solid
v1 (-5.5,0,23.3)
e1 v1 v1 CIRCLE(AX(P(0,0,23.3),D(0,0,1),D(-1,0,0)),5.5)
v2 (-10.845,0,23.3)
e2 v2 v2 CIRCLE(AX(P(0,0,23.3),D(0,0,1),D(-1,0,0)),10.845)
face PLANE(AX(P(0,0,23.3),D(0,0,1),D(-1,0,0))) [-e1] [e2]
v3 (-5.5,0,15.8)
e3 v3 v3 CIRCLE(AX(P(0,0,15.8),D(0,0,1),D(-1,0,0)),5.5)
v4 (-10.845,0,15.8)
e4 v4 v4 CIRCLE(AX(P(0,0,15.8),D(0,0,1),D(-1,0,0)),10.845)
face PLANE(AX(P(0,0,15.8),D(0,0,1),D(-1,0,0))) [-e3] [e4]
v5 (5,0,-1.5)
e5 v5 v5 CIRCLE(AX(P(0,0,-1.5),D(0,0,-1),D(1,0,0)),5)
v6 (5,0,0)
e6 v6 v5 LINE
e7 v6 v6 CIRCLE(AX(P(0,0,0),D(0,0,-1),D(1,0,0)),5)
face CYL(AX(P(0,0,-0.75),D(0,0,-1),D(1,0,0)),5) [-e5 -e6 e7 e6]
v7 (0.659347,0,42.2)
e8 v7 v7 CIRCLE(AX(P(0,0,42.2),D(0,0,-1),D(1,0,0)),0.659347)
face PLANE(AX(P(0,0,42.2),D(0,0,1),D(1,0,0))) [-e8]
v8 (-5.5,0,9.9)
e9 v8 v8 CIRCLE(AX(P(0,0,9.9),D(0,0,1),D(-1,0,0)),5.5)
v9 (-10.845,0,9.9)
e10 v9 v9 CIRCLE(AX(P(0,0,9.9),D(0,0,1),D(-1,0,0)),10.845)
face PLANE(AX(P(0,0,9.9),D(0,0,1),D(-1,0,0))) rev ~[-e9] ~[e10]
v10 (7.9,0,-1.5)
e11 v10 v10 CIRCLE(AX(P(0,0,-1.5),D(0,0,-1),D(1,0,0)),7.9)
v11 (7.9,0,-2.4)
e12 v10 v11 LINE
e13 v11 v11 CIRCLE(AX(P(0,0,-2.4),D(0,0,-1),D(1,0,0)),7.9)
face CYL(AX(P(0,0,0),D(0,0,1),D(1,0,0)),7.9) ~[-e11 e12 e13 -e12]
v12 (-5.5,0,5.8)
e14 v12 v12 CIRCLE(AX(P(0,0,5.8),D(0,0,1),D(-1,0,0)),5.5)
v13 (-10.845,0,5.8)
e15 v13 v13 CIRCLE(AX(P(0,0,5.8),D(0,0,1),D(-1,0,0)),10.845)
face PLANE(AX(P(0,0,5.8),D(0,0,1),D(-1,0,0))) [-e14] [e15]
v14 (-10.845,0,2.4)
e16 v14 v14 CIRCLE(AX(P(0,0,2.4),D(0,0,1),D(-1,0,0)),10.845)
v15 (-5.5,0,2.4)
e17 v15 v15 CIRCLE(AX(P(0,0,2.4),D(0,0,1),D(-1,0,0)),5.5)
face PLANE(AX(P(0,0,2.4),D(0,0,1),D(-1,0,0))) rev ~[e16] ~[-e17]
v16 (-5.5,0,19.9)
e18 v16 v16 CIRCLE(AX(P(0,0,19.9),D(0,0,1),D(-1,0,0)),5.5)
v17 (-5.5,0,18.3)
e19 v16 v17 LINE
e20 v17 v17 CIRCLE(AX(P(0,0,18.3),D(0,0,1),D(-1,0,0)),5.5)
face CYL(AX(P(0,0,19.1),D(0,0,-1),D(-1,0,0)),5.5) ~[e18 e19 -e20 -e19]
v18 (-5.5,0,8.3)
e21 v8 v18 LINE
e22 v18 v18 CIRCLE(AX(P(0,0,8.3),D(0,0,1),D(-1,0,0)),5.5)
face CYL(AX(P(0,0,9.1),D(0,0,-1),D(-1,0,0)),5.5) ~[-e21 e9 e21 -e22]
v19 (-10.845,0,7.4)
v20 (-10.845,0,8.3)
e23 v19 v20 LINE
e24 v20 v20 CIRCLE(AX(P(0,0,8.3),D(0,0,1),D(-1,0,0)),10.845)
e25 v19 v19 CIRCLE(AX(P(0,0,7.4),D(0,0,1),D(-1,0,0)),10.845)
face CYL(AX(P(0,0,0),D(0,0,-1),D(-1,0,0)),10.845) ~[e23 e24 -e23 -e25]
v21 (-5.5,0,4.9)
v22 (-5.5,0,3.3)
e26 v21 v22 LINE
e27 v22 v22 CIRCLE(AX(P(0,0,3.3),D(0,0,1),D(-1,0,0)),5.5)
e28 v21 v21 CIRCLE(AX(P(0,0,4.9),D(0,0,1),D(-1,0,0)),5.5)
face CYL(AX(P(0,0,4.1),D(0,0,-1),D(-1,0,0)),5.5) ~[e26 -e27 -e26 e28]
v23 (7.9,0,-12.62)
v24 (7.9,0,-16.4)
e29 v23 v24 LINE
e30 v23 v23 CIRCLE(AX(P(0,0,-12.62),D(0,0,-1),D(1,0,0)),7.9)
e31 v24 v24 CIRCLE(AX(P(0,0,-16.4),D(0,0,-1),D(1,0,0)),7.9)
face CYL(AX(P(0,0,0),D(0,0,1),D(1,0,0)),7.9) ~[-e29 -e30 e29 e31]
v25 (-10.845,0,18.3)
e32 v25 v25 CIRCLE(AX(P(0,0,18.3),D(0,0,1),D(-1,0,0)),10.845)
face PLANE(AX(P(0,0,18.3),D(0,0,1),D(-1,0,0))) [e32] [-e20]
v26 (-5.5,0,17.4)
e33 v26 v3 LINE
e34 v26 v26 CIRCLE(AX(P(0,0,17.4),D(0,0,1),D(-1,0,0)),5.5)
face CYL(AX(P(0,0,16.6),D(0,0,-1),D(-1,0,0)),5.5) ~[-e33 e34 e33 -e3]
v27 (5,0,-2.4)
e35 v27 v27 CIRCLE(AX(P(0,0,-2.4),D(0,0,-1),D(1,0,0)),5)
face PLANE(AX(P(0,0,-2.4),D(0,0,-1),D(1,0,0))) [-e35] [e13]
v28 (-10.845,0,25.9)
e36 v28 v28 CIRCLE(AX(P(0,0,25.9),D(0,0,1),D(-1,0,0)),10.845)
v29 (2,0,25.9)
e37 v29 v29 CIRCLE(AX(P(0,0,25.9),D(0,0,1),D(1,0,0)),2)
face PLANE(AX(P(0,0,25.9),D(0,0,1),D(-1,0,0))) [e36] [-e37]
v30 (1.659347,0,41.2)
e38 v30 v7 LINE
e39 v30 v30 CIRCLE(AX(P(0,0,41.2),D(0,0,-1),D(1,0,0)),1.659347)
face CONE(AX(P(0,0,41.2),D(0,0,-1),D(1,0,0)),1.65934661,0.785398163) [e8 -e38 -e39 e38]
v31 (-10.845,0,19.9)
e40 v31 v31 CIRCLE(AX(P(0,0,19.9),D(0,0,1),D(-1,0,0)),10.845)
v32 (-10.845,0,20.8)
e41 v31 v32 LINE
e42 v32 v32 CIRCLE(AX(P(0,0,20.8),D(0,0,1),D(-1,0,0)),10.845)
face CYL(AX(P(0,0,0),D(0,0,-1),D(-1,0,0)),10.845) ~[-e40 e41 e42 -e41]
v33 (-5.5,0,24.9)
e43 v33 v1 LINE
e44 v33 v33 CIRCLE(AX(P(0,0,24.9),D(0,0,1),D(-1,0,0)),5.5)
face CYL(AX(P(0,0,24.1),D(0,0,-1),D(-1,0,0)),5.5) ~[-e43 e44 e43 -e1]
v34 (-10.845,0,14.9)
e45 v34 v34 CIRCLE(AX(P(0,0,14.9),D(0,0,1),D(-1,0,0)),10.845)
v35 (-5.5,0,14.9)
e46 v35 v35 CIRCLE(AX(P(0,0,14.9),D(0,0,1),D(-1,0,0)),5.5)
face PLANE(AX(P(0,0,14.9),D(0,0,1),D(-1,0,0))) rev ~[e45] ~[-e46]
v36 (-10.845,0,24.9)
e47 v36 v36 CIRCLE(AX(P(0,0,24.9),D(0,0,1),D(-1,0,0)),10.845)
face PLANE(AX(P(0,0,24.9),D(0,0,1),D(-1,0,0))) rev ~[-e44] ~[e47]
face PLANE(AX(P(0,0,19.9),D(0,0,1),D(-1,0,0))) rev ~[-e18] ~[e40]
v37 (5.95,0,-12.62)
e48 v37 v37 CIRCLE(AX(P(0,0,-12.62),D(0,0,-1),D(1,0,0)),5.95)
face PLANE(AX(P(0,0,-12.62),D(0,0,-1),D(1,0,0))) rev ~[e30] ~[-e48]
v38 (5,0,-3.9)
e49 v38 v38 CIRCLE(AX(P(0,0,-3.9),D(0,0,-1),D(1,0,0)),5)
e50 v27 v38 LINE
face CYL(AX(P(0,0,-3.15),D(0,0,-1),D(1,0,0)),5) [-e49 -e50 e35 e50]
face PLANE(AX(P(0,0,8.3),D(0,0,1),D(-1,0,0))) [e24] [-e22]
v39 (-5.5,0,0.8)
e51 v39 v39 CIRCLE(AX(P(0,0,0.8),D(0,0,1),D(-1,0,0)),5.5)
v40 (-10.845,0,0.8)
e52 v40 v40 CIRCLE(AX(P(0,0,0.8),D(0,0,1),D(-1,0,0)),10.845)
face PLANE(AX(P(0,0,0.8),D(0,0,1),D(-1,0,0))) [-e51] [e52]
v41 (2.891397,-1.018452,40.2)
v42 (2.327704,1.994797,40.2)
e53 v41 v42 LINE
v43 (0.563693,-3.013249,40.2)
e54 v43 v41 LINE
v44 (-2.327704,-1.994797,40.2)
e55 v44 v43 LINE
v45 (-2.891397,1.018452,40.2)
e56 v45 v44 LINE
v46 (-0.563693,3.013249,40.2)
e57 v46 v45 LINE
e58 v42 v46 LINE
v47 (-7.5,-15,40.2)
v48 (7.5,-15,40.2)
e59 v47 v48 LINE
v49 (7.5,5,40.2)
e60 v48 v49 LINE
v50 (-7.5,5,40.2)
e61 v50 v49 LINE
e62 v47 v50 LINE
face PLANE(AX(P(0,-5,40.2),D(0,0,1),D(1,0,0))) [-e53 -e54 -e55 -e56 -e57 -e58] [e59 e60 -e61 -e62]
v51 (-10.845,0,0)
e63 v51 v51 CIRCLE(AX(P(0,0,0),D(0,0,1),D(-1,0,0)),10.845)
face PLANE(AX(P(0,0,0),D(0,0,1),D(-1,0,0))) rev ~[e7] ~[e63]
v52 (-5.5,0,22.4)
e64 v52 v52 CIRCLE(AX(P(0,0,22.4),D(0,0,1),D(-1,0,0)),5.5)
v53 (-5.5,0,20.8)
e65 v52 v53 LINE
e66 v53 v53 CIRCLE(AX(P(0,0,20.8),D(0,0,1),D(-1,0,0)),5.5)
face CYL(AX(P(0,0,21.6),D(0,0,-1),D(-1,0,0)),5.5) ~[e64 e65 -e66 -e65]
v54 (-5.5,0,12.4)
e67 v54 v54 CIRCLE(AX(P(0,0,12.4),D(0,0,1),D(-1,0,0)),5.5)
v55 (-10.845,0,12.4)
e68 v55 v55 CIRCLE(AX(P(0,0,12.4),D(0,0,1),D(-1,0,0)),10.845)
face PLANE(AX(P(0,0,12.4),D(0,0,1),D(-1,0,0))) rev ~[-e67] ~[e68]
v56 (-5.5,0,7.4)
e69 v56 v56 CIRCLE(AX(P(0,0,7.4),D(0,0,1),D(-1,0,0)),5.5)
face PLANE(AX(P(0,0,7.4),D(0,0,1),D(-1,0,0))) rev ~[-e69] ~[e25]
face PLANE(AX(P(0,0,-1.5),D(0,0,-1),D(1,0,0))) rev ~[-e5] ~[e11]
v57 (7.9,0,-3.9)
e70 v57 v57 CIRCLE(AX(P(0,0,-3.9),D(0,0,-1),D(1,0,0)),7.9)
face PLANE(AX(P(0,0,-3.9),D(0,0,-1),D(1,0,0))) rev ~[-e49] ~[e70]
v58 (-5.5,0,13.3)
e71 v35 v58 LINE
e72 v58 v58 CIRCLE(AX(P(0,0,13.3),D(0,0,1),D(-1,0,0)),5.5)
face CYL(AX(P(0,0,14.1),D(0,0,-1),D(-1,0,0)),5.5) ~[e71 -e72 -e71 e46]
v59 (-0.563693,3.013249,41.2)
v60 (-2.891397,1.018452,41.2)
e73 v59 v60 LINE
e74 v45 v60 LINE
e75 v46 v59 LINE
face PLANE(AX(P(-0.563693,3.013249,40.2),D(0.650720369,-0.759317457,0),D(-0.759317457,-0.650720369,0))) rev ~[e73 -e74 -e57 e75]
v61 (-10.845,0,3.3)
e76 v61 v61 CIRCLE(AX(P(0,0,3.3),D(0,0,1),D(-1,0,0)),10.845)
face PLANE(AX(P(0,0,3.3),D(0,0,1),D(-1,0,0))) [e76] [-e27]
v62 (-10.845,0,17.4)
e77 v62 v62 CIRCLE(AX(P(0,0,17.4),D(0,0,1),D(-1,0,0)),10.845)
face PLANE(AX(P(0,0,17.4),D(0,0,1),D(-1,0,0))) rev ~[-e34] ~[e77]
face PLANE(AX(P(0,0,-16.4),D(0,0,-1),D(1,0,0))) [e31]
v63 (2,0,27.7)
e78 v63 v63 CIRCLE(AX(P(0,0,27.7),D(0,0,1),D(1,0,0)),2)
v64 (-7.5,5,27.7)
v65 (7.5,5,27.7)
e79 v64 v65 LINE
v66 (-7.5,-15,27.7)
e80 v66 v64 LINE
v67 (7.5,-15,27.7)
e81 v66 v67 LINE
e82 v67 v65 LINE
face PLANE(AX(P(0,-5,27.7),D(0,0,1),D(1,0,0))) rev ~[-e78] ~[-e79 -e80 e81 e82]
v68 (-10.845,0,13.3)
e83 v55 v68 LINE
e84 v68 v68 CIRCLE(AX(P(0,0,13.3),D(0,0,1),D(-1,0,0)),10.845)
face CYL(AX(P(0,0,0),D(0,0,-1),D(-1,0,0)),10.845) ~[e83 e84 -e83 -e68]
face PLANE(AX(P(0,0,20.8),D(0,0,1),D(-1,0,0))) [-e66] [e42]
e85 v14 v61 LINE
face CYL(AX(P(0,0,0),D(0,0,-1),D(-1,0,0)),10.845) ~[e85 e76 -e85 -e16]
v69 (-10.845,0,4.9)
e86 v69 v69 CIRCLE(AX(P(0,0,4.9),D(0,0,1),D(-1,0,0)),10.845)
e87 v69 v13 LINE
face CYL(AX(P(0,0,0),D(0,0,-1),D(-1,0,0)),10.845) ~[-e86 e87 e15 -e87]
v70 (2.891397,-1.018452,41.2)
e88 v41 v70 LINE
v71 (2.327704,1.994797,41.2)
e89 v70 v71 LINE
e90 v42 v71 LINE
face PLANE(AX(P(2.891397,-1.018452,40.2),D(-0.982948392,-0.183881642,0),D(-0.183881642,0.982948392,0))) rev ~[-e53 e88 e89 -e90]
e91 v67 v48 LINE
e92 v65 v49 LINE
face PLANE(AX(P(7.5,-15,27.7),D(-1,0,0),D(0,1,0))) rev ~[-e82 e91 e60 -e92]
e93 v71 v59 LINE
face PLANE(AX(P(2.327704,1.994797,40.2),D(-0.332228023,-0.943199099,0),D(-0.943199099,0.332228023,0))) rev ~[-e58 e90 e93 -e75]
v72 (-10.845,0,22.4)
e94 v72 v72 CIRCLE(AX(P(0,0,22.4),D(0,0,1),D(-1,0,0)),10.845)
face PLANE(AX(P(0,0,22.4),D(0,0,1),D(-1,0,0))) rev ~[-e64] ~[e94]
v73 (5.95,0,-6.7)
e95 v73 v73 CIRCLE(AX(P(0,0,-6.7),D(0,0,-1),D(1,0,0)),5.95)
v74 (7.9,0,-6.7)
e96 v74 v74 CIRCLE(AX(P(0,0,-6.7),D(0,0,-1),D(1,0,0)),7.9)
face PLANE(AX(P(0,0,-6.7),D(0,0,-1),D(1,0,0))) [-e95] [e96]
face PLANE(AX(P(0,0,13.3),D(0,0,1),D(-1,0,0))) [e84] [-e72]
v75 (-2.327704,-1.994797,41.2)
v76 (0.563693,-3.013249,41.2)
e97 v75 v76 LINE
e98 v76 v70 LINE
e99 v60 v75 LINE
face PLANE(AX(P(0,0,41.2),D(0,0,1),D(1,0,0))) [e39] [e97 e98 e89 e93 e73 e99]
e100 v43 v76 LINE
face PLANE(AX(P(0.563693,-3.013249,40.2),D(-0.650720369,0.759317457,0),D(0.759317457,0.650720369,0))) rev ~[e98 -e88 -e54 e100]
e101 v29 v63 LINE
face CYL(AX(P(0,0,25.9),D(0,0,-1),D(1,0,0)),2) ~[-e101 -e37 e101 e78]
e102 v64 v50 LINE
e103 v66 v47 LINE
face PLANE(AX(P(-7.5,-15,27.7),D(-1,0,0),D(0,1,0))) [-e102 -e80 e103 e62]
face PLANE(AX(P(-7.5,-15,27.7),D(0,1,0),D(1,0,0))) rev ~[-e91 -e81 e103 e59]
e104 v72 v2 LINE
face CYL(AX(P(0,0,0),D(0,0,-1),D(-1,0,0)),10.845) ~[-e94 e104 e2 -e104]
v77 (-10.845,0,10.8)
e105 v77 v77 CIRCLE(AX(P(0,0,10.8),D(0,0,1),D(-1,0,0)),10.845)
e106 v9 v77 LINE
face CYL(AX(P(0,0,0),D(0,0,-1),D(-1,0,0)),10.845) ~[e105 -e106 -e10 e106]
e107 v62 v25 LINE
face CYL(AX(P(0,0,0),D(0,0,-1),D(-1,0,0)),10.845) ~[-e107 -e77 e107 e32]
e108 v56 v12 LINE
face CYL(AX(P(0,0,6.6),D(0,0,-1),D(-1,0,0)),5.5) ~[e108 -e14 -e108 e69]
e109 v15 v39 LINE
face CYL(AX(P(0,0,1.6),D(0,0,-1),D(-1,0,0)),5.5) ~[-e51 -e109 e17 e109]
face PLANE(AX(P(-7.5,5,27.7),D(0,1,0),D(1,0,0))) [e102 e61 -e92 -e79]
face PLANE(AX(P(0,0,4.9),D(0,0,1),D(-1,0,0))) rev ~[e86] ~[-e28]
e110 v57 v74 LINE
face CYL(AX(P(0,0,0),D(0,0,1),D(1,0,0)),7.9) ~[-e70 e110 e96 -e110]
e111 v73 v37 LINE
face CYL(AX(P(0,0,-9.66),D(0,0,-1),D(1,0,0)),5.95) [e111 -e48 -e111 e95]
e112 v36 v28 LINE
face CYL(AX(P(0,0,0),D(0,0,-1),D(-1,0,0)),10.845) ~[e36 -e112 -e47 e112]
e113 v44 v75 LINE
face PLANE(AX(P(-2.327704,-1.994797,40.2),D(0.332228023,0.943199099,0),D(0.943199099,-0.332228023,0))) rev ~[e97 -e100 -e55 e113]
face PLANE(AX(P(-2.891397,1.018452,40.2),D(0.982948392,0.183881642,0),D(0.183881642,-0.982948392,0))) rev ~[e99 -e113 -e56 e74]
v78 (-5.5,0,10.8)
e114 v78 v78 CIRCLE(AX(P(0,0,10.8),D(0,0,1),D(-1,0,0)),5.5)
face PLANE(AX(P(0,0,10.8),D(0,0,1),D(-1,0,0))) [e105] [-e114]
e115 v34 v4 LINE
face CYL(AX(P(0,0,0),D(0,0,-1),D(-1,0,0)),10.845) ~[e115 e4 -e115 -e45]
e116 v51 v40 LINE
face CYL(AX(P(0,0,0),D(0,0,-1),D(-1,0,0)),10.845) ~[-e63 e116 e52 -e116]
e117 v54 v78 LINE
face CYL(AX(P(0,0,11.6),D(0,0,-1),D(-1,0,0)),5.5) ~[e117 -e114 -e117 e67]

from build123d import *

# Parameters (mm, degrees)
SKETCH1_R           = 10.845
BOSS_EXTRUDE1_DEPTH = 25.9
SKETCH2_W           = 5.345
SKETCH2_H           = 1.6
LPATTERN1_COUNT     = 10
LPATTERN1_PITCH     = 2.5
SKETCH3_R           = 7.9
BOSS_EXTRUDE2_DEPTH = 16.4
SKETCH4_W           = 1.95
SKETCH4_H           = 5.92
SKETCH4_W_2         = 2.9
SKETCH4_H_2         = 1.5
SKETCH5_R           = 2
BOSS_EXTRUDE3_DEPTH = 1.8
SKETCH6_W           = 15
SKETCH6_H           = 20
BOSS_EXTRUDE4_DEPTH = 12.5
BOSS_EXTRUDE5_DEPTH = 1
SKETCH8_R           = 1.65934661
BOSS_EXTRUDE6_DEPTH = 1
BOSS_EXTRUDE6_TAPER = 45


with BuildPart() as part:
    # Sketch1 → Boss-Extrude1 (new body)
    with BuildSketch(Plane.XY):
        with Locations(Location((0, 0, 0), (0, 0, 180))):
            Circle(SKETCH1_R)
    extrude(amount=BOSS_EXTRUDE1_DEPTH)

    # Sketch2 → Cut-Revolve1 (revolve, cut)
    with BuildSketch(Plane(origin=(0, 0, 0), x_dir=(1, 0, 0), z_dir=(0, 1, 0))):
        with Locations((-8.1725, -1.6)):
            Rectangle(SKETCH2_W, SKETCH2_H)
    cut_revolve1 = revolve(axis=Axis((0, 0, 0), (0, 0, 1)), mode=Mode.SUBTRACT)

    # LPattern1: Cut-Revolve1 ×10
    with Locations(*[(0, 0, i * LPATTERN1_PITCH) for i in range(1, LPATTERN1_COUNT)]):
        add(cut_revolve1, mode=Mode.SUBTRACT)

    # Sketch3 → Boss-Extrude2 (add)
    with BuildSketch(Plane(origin=(0, 0, 0), x_dir=(-1, 0, 0), z_dir=(0, 0, -1))):
        with Locations(Location((0, 0, 0), (0, 0, 180))):
            Circle(SKETCH3_R)
    extrude(amount=BOSS_EXTRUDE2_DEPTH)

    # Sketch4 → Cut-Revolve2 (revolve, cut)
    with BuildSketch(Plane(origin=(0, 0, 0), x_dir=(1, 0, 0), z_dir=(0, 1, 0)), mode=Mode.PRIVATE) as cut_revolve2_sk:
        with Locations((-6.925, 9.66)):
            Rectangle(SKETCH4_W, SKETCH4_H)
        with Locations((-6.45, 3.15)):
            Rectangle(SKETCH4_W_2, SKETCH4_H_2)
        with Locations((-6.45, 0.75)):
            Rectangle(SKETCH4_W_2, SKETCH4_H_2)
    revolve(cut_revolve2_sk.sketch.rotate(Axis((0, 0, 0), (0, 0, -1)), 180), axis=Axis((0, 0, 0), (0, 0, -1)), mode=Mode.SUBTRACT)

    # Sketch5 → Boss-Extrude3 (add)
    with BuildSketch(Plane.XY.offset(25.9)):
        Circle(SKETCH5_R)
    extrude(amount=BOSS_EXTRUDE3_DEPTH)

    # Sketch6 → Boss-Extrude4 (add)
    with BuildSketch(Plane.XY.offset(27.7)):
        with Locations((0, -5)):
            Rectangle(SKETCH6_W, SKETCH6_H)
    extrude(amount=BOSS_EXTRUDE4_DEPTH)

    # Sketch7 → Boss-Extrude5 (add)
    with BuildSketch(Plane.XY.offset(40.2)):
        Polygon((2.891396573, -1.018451956), (2.327703553, 1.994796907), (-0.56369302, 3.013248863), (-2.891396573, 1.018451956), (-2.327703553, -1.994796907), (0.56369302, -3.013248863), align=None)
    extrude(amount=BOSS_EXTRUDE5_DEPTH)

    # Sketch8 → Boss-Extrude6 (add)
    with BuildSketch(Plane.XY.offset(41.2)):
        Circle(SKETCH8_R)
    extrude(amount=BOSS_EXTRUDE6_DEPTH, taper=BOSS_EXTRUDE6_TAPER)


solid = part.part
